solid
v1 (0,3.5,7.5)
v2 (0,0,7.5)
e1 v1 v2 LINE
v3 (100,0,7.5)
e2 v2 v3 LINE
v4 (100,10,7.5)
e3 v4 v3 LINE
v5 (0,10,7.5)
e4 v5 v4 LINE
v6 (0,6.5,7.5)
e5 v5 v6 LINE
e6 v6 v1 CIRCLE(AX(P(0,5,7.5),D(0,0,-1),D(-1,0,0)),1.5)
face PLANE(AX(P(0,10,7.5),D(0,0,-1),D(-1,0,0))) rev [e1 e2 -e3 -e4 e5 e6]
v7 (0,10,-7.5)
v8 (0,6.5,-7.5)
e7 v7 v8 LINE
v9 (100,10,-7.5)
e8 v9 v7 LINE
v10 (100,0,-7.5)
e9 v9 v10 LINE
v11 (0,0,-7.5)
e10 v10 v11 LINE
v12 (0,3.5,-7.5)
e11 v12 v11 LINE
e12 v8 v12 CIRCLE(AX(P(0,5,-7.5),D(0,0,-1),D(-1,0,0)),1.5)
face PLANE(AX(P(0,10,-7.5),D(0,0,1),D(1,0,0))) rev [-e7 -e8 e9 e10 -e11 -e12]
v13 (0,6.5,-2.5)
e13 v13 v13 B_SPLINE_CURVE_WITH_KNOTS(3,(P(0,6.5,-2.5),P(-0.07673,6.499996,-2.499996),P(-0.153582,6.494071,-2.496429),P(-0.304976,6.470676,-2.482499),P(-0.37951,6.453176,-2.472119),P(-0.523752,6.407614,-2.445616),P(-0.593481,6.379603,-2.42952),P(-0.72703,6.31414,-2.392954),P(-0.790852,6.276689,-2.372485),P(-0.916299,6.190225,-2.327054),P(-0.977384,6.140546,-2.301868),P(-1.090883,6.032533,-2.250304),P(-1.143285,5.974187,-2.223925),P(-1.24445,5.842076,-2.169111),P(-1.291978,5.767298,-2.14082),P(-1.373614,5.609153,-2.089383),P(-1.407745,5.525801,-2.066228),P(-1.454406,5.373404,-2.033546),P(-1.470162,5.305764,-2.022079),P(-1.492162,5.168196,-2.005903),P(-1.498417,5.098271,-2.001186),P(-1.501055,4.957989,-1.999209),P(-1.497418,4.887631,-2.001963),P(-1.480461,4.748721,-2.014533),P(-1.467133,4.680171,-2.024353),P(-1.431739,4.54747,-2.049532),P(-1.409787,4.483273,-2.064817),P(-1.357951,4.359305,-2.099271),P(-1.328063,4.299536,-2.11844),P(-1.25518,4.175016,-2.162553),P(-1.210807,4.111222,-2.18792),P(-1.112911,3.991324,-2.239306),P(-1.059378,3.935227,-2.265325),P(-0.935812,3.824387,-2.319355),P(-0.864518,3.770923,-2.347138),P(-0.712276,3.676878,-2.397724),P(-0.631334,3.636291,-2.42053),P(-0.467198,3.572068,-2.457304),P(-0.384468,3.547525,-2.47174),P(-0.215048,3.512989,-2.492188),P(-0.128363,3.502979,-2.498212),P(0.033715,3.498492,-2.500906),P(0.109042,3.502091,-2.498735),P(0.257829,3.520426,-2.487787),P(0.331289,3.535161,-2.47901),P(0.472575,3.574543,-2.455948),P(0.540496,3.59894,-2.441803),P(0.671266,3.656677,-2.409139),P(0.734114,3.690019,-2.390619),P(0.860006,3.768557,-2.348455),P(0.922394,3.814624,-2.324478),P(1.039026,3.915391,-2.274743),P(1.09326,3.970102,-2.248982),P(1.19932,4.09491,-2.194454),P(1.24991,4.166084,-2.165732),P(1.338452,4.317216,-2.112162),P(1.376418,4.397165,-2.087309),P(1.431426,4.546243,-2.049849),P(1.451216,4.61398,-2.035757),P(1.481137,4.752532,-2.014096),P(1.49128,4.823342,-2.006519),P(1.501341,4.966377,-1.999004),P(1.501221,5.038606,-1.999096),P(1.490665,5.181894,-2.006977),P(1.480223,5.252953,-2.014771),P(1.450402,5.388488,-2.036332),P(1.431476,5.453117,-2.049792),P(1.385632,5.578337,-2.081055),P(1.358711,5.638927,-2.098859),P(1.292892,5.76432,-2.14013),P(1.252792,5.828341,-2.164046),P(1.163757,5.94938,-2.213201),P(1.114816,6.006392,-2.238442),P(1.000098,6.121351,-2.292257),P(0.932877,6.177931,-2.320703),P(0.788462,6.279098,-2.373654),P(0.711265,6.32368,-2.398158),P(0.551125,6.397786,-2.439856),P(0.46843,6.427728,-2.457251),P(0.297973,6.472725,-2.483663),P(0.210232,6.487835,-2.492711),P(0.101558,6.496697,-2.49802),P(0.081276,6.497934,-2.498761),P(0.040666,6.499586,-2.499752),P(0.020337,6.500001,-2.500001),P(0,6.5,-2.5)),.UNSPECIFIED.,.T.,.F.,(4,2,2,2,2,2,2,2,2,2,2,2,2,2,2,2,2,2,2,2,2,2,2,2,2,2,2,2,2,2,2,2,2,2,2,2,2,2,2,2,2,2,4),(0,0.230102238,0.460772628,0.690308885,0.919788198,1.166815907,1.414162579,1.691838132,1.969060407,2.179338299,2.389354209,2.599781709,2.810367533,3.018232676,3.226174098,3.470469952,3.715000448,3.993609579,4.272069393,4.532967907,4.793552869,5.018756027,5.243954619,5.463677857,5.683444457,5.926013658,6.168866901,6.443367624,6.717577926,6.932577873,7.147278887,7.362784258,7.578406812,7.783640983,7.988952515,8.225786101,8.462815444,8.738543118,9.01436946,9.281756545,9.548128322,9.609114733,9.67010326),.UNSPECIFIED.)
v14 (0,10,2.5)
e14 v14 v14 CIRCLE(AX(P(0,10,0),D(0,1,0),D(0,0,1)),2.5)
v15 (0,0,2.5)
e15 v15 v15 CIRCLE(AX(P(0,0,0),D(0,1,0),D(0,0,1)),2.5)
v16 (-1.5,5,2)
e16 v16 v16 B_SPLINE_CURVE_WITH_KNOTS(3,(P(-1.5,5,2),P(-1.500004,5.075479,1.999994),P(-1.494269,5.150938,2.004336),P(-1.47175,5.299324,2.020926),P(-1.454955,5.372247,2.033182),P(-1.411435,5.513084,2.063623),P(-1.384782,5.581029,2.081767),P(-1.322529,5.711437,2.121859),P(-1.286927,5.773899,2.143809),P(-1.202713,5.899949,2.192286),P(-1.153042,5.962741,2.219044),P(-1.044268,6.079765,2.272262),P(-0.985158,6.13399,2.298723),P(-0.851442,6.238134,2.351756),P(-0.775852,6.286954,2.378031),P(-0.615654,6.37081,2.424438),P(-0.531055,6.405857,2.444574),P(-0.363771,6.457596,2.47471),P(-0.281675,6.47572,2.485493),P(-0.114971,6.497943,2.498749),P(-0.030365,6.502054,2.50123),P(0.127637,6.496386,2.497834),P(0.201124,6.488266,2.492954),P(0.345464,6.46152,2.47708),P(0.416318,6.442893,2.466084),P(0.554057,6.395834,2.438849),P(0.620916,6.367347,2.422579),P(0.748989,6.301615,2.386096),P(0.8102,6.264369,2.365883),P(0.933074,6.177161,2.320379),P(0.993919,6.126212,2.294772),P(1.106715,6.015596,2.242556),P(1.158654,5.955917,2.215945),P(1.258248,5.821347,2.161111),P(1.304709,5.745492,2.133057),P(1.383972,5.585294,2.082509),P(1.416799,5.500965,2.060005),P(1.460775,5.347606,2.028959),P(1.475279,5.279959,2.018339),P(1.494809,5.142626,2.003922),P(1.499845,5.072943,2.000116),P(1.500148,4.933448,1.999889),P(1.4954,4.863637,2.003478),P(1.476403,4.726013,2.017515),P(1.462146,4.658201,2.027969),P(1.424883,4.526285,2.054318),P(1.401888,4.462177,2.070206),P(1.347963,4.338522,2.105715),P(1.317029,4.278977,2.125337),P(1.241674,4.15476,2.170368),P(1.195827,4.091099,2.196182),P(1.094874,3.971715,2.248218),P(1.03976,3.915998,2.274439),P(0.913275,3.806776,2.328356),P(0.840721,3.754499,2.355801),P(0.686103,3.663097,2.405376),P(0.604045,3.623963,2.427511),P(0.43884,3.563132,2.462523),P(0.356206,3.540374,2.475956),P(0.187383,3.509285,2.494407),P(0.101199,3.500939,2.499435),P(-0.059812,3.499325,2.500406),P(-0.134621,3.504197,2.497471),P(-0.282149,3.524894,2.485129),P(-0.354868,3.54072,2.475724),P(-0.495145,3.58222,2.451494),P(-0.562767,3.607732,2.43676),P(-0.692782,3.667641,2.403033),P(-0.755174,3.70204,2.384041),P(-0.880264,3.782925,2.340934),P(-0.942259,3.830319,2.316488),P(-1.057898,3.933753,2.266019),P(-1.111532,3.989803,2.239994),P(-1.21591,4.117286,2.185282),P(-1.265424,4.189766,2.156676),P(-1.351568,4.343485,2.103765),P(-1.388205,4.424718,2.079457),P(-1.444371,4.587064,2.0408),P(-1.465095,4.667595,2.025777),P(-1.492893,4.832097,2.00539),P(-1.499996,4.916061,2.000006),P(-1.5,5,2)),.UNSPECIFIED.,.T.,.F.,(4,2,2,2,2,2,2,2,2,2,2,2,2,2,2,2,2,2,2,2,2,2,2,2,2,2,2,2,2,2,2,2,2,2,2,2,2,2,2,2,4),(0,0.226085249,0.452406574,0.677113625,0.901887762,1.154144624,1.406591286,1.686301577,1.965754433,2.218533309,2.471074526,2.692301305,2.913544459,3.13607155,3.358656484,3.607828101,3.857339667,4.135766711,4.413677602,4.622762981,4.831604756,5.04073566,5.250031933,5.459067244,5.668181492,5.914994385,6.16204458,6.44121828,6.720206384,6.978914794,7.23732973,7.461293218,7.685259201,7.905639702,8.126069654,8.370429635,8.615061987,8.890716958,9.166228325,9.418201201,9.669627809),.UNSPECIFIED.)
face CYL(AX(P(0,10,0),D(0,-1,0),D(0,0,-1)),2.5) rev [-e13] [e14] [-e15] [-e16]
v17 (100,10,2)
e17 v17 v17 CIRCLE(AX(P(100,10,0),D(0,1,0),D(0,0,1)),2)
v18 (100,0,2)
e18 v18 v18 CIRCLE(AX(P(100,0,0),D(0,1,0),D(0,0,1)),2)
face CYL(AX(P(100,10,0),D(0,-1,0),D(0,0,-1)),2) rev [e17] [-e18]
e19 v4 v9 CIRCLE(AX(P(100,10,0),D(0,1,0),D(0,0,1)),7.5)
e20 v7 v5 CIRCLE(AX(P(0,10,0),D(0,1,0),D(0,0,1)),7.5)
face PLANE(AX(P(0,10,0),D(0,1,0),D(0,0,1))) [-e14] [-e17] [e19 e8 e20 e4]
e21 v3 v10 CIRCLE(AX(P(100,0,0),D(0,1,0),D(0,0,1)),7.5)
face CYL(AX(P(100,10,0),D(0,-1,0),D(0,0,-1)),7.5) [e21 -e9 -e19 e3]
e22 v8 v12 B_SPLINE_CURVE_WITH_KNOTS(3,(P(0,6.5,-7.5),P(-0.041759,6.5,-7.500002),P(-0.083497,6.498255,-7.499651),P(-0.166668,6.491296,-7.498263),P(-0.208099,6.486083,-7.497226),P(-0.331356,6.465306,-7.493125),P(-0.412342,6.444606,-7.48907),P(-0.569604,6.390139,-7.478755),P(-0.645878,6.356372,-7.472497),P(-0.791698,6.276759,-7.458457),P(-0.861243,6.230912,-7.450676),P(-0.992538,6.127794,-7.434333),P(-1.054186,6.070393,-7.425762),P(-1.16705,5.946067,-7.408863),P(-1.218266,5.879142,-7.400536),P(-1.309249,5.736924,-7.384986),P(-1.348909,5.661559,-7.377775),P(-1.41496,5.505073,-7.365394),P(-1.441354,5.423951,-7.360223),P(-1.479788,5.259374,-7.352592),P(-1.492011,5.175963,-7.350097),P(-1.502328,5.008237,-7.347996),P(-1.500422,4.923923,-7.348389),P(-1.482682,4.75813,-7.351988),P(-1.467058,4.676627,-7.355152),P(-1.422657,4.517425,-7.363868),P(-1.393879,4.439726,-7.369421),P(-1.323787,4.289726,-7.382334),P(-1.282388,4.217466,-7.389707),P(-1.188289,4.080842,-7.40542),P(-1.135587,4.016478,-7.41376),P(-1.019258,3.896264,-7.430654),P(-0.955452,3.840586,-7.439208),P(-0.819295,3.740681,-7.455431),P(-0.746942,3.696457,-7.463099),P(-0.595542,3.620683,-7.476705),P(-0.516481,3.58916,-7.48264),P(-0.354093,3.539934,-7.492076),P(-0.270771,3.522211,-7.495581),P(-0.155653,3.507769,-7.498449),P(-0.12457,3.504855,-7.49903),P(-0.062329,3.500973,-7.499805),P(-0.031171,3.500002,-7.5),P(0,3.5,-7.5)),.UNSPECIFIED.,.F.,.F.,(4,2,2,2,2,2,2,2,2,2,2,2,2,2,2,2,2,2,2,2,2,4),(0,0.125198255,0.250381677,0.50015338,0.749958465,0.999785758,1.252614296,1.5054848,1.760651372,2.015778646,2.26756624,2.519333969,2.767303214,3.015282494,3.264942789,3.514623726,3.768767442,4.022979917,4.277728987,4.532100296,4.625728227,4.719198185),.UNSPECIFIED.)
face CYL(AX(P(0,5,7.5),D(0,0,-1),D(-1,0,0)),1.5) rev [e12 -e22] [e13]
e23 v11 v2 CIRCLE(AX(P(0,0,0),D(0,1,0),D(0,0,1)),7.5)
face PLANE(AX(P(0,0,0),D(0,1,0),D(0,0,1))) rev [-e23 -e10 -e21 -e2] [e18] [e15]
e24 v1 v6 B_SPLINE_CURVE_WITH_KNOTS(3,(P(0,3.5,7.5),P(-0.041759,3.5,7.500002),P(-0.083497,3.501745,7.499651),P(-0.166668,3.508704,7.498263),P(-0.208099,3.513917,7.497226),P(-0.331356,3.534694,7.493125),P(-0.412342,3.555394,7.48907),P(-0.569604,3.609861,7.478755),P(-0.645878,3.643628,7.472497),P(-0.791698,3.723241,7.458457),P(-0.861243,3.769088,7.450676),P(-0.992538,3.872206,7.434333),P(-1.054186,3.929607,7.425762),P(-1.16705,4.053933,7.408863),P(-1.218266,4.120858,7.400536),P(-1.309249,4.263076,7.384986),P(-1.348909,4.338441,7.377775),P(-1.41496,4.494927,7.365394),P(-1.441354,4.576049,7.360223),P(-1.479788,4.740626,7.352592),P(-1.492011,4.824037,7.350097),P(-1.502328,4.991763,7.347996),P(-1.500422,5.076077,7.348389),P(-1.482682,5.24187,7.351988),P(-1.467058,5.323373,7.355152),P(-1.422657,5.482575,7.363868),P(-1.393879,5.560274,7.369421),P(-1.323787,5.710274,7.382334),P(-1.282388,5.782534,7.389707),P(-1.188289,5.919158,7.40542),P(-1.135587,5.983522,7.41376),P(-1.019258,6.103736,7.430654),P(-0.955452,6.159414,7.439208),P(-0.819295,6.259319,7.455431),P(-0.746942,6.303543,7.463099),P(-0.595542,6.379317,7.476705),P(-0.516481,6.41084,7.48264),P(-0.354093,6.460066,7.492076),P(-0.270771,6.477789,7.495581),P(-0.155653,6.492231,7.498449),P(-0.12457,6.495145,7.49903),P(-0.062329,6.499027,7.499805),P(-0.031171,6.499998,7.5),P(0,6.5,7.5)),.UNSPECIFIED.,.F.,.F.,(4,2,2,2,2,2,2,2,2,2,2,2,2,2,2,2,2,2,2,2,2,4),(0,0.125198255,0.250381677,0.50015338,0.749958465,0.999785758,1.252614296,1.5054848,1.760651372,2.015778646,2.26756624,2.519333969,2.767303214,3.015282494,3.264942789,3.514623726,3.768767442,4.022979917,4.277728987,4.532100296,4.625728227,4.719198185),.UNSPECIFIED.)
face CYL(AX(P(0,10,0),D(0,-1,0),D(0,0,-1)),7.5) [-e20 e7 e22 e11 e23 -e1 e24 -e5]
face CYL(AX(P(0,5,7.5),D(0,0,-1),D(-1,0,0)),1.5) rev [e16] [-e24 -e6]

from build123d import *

# Parameters (mm, degrees)
SKETCH2_R           = 2.5
SKETCH2_R_2         = 2
BOSS_EXTRUDE1_DEPTH = 10
SKETCH4_R           = 1.5
CUT_EXTRUDE3_DEPTH  = 16


with BuildPart() as part:
    # Sketch2 → Boss-Extrude1 (new body)
    with BuildSketch(Plane(origin=(0, 0, 0), x_dir=(1, 0, 0), z_dir=(0, 1, 0))):
        with BuildLine():
            Line((0, 7.5), (100, 7.5))
            ThreePointArc((100, 7.5), (107.5, 0), (100, -7.5))
            Line((100, -7.5), (0, -7.5))
            ThreePointArc((0, -7.5), (-7.5, 0), (0, 7.5))
        make_face()
        Circle(SKETCH2_R, mode=Mode.SUBTRACT)
        with Locations((100, 0)):
            Circle(SKETCH2_R_2, mode=Mode.SUBTRACT)
    extrude(amount=BOSS_EXTRUDE1_DEPTH)

    # Sketch4 → Cut-Extrude3 (cut, through all)
    with BuildSketch(Plane(origin=(0, 0, -7.5), x_dir=(-1, 0, 0), z_dir=(0, 0, -1))):
        with Locations((0, 5)):
            Circle(SKETCH4_R)
    extrude(amount=-CUT_EXTRUDE3_DEPTH, mode=Mode.SUBTRACT)


solid = part.part
